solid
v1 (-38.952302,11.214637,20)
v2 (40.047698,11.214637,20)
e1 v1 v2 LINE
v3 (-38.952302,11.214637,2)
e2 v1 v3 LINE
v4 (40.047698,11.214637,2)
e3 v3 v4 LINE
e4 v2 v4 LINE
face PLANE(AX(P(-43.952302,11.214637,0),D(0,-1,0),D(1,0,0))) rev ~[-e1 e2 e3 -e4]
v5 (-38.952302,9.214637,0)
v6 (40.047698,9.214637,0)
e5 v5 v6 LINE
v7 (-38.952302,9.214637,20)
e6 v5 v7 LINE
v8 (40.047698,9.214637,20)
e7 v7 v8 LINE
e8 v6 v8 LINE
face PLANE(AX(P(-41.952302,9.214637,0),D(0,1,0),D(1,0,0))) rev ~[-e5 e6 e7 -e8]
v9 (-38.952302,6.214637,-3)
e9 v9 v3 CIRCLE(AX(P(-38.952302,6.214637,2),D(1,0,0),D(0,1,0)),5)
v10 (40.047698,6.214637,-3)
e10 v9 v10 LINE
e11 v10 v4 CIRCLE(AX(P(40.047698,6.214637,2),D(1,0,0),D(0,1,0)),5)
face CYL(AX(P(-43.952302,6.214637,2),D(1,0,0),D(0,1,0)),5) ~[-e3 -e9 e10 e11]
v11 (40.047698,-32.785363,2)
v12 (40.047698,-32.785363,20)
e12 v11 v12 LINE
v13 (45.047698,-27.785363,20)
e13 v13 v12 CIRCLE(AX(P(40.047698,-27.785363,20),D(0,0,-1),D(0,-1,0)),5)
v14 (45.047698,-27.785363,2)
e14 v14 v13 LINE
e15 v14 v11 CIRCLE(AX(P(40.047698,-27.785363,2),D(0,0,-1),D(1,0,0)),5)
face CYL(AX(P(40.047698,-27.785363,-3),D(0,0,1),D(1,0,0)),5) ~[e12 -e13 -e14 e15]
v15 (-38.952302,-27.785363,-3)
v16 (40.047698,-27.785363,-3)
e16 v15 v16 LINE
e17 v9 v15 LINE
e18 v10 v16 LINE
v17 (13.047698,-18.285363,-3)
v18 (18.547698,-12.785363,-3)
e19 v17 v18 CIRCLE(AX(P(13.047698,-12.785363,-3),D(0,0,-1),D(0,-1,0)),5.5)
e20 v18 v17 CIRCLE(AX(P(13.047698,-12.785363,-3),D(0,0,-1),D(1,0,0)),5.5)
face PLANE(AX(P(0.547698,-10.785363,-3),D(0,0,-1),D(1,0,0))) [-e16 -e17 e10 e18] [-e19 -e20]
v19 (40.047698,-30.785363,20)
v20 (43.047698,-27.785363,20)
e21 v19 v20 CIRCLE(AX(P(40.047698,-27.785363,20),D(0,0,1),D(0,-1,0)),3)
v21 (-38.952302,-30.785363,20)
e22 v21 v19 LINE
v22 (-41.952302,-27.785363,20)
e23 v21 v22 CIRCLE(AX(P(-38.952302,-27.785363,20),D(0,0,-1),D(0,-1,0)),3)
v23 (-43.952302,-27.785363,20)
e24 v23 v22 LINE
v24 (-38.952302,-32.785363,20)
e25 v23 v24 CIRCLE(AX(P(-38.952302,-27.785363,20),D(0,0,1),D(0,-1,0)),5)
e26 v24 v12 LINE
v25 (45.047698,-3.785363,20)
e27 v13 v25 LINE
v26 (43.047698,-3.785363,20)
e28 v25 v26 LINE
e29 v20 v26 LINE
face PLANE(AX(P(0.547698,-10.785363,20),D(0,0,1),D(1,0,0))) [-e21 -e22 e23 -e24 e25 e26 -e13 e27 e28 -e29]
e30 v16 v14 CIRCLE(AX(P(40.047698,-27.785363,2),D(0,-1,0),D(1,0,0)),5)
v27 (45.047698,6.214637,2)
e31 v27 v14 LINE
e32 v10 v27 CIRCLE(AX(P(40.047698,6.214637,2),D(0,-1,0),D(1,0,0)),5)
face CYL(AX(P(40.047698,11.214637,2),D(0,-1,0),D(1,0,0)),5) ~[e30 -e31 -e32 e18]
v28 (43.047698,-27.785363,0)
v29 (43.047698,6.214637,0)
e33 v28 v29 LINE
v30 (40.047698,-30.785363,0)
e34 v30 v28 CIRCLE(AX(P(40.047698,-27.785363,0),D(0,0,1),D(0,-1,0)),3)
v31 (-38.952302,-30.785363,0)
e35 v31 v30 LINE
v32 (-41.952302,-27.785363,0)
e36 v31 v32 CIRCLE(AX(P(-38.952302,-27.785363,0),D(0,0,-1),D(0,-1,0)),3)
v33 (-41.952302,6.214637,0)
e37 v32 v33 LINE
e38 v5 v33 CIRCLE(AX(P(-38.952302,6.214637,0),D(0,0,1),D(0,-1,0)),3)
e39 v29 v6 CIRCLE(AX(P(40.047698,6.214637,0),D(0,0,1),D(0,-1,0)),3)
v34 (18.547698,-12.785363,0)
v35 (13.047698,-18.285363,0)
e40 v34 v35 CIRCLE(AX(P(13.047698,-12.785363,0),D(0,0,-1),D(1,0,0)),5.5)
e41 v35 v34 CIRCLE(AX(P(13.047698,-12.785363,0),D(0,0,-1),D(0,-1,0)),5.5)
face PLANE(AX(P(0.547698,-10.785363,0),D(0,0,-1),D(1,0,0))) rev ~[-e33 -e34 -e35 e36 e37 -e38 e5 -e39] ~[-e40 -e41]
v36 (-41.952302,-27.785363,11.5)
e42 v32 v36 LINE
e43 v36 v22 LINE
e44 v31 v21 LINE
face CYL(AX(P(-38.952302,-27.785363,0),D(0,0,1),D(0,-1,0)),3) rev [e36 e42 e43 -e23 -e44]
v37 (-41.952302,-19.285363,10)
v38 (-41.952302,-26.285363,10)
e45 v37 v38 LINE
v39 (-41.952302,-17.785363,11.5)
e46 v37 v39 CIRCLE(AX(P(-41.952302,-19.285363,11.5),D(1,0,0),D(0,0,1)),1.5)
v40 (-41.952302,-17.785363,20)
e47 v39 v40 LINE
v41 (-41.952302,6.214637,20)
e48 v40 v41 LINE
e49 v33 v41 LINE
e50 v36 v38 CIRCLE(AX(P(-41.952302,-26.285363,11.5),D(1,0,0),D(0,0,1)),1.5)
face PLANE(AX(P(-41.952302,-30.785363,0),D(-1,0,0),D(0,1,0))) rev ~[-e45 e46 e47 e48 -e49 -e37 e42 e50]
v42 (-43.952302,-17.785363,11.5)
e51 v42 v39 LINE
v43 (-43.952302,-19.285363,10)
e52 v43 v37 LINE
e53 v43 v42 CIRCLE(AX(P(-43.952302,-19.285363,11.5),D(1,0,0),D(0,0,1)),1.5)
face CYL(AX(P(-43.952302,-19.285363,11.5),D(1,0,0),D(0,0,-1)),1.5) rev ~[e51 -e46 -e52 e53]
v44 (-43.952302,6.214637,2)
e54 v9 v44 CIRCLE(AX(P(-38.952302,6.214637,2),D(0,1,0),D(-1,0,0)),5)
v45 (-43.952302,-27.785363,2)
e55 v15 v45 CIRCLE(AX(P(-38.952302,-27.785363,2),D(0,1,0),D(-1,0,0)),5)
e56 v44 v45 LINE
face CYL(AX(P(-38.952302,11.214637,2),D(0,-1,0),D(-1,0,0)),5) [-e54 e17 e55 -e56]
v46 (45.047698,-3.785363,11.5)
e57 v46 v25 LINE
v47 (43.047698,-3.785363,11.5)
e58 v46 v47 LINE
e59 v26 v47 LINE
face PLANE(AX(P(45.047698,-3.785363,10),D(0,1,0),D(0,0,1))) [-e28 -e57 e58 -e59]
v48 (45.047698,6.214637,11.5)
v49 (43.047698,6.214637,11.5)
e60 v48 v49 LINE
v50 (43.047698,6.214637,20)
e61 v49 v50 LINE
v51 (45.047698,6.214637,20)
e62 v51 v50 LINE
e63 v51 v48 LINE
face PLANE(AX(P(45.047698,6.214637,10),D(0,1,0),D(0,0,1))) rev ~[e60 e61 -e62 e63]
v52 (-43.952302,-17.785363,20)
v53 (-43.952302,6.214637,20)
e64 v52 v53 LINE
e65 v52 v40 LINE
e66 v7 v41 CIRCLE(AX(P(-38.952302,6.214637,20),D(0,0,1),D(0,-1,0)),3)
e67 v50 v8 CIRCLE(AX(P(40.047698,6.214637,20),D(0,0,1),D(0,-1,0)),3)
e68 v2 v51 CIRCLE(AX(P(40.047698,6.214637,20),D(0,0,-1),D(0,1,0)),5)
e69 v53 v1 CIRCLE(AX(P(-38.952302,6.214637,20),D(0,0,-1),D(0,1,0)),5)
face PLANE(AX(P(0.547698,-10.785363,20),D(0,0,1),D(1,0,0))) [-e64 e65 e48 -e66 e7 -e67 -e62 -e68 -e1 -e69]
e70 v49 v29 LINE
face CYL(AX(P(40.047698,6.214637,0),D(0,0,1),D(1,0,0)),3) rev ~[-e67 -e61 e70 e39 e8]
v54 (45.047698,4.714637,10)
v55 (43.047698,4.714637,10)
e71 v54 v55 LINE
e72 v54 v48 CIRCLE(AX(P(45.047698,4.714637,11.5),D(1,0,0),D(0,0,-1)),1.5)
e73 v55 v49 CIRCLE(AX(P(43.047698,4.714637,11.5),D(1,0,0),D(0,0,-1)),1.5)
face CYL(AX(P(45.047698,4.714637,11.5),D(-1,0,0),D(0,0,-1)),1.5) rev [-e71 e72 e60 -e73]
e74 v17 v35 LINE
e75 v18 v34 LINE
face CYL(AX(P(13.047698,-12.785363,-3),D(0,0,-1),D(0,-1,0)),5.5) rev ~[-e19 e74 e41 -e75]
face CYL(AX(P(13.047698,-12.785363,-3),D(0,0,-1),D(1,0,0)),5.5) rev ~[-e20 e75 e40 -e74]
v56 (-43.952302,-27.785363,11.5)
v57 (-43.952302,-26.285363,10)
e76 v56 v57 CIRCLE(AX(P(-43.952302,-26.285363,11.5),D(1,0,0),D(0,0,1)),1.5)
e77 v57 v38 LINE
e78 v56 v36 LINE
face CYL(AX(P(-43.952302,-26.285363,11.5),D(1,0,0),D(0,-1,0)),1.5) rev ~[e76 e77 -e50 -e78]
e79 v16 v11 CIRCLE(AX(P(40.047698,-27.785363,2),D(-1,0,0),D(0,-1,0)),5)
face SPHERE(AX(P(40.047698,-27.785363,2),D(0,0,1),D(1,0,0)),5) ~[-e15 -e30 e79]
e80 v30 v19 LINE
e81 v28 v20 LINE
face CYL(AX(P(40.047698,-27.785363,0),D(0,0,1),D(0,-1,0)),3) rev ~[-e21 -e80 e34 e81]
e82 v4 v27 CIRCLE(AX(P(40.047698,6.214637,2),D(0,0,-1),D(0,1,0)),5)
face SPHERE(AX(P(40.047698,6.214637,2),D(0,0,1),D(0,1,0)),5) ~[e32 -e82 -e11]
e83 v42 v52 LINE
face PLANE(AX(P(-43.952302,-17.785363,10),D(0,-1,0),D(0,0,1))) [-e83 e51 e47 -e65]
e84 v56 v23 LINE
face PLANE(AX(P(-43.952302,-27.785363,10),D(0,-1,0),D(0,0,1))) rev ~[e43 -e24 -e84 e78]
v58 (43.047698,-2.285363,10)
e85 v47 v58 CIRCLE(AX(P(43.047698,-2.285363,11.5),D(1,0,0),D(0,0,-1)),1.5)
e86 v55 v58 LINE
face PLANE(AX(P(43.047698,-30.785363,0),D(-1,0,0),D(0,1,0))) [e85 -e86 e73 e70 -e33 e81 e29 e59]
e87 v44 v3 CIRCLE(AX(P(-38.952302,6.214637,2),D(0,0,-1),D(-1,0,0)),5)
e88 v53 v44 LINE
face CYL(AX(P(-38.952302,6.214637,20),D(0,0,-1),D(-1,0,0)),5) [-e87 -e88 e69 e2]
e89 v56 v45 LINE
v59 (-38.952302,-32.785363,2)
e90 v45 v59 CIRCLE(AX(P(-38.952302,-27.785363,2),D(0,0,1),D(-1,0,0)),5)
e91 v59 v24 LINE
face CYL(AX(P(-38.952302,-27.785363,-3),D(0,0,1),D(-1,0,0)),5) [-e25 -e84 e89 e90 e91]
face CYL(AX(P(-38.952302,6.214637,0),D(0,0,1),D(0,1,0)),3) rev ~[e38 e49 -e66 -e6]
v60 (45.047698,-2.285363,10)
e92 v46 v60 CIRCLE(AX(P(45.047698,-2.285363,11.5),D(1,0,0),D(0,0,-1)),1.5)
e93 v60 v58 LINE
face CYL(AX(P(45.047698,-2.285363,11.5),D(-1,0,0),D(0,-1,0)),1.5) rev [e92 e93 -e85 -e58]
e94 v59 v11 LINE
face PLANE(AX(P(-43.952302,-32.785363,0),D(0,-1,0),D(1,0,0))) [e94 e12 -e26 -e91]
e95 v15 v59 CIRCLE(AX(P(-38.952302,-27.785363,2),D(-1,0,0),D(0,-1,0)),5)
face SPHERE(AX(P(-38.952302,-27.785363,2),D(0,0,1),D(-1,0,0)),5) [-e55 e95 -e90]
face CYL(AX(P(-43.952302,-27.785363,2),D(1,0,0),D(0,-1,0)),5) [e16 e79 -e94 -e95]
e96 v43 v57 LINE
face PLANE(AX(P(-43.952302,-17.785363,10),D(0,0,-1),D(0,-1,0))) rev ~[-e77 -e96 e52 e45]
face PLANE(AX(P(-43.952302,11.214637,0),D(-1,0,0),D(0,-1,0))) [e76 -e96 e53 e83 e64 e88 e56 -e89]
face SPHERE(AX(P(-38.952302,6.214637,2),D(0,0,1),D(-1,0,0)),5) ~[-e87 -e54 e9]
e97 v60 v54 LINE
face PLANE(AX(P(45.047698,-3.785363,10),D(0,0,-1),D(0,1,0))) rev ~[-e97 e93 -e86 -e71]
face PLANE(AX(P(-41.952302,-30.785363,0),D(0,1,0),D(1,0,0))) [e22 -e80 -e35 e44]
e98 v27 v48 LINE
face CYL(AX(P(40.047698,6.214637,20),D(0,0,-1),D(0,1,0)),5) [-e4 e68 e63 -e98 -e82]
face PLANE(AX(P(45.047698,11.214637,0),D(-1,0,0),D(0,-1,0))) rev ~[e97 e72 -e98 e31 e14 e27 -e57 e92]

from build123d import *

# Parameters (mm, degrees)
F0_W      = 89
F0_H      = 44
F0_W_2    = 85
F0_H_2    = 40
F1_DEPTH  = 20
F2_W      = 89
F2_H      = 44
F2_W_2    = 85
F2_H_2    = 40
F3_DEPTH  = 3
F4_R      = 5
F5_R      = 3
F6_W      = 10
F6_H      = 10
F7_DEPTH  = 3
F8_W      = 10
F8_H      = 10
F9_DEPTH  = 3
F10_R     = 1.5
F12_DEPTH = 25


with BuildPart() as f1:
    # F0 (on Top) → F1 (new body)
    with BuildSketch(Plane.XY):
        with Locations((0.5476979613, -10.7853626366)):
            Rectangle(F0_W, F0_H)
        with Locations((0.5476979613, -10.7853626366)):
            Rectangle(F0_W_2, F0_H_2, mode=Mode.SUBTRACT)
    extrude(amount=F1_DEPTH)

    # F2 (on face) → F3 (join)
    with BuildSketch(Plane(origin=(0, 0, 0), x_dir=(1, 0, 0), z_dir=(0, 0, -1))):
        with Locations((0.5476979613, 10.7853626366)):
            Rectangle(F2_W, F2_H)
        with Locations((0.5476979613, 10.7853626366)):
            Rectangle(F2_W_2, F2_H_2, mode=Mode.SUBTRACT)
        with Locations((0.5476979613, 10.7853626366)):
            Rectangle(F2_W_2, F2_H_2)
    extrude(amount=F3_DEPTH)

    # F4
    f4_edges = [f1.edges().sort_by_distance(p)[0] for p in [
        (-43.952302, -32.785363, 8.5),
        (45.047698, -32.785363, 8.5),
        (45.047698, 11.214637, 8.5),
        (-43.952302, 11.214637, 8.5),
        (-43.952302, -10.785363, -3),
        (0.547698, 11.214637, -3),
        (45.047698, -10.785363, -3),
        (0.547698, -32.785363, -3),
    ]]
    fillet(f4_edges, radius=F4_R)

    # F5
    f5_edges = [f1.edges().sort_by_distance(p)[0] for p in [
        (-41.952302, 9.214637, 10),
        (-41.952302, -30.785363, 10),
        (43.047698, 9.214637, 10),
        (43.047698, -30.785363, 10),
    ]]
    fillet(f5_edges, radius=F5_R)

    # F6 (on face) → F7 (cut)
    with BuildSketch(Plane.YZ.offset(45.0476979613)):
        with Locations((1.2146373634, 15)):
            Rectangle(F6_W, F6_H)
    extrude(amount=-F7_DEPTH, mode=Mode.SUBTRACT)

    # F8 (on face) → F9 (cut)
    with BuildSketch(Plane(origin=(-43.9523020387, 0, 0), x_dir=(0, -1, 0), z_dir=(-1, 0, 0))):
        with Locations((22.7853626366, 15)):
            Rectangle(F8_W, F8_H)
    extrude(amount=-F9_DEPTH, mode=Mode.SUBTRACT)

    # F10
    f10_edges = [f1.edges().sort_by_distance(p)[0] for p in [
        (44.047698, 6.214637, 10),
        (44.047698, -3.785363, 10),
        (-42.952302, -27.785363, 10),
        (-42.952302, -17.785363, 10),
    ]]
    fillet(f10_edges, radius=F10_R)

    # F11 (on face) → F12 (cut)
    with BuildSketch(Plane(origin=(0, 0, -3), x_dir=(1, 0, 0), z_dir=(0, 0, -1))):
        with BuildLine():
            ThreePointArc((18.5476979613, 12.7853626366), (16.9367852579, 16.6744499331), (13.0476979613, 18.2853626366))
            ThreePointArc((13.0476979613, 18.2853626366), (9.1586106648, 8.89627534), (18.5476979613, 12.7853626366))
        make_face()
    extrude(amount=-F12_DEPTH, mode=Mode.SUBTRACT)


with BuildPart() as f13_1:
    # F13: copy of F1
    add(f1.part.moved(Location((0, 0, 30))))


solid = f1.part
